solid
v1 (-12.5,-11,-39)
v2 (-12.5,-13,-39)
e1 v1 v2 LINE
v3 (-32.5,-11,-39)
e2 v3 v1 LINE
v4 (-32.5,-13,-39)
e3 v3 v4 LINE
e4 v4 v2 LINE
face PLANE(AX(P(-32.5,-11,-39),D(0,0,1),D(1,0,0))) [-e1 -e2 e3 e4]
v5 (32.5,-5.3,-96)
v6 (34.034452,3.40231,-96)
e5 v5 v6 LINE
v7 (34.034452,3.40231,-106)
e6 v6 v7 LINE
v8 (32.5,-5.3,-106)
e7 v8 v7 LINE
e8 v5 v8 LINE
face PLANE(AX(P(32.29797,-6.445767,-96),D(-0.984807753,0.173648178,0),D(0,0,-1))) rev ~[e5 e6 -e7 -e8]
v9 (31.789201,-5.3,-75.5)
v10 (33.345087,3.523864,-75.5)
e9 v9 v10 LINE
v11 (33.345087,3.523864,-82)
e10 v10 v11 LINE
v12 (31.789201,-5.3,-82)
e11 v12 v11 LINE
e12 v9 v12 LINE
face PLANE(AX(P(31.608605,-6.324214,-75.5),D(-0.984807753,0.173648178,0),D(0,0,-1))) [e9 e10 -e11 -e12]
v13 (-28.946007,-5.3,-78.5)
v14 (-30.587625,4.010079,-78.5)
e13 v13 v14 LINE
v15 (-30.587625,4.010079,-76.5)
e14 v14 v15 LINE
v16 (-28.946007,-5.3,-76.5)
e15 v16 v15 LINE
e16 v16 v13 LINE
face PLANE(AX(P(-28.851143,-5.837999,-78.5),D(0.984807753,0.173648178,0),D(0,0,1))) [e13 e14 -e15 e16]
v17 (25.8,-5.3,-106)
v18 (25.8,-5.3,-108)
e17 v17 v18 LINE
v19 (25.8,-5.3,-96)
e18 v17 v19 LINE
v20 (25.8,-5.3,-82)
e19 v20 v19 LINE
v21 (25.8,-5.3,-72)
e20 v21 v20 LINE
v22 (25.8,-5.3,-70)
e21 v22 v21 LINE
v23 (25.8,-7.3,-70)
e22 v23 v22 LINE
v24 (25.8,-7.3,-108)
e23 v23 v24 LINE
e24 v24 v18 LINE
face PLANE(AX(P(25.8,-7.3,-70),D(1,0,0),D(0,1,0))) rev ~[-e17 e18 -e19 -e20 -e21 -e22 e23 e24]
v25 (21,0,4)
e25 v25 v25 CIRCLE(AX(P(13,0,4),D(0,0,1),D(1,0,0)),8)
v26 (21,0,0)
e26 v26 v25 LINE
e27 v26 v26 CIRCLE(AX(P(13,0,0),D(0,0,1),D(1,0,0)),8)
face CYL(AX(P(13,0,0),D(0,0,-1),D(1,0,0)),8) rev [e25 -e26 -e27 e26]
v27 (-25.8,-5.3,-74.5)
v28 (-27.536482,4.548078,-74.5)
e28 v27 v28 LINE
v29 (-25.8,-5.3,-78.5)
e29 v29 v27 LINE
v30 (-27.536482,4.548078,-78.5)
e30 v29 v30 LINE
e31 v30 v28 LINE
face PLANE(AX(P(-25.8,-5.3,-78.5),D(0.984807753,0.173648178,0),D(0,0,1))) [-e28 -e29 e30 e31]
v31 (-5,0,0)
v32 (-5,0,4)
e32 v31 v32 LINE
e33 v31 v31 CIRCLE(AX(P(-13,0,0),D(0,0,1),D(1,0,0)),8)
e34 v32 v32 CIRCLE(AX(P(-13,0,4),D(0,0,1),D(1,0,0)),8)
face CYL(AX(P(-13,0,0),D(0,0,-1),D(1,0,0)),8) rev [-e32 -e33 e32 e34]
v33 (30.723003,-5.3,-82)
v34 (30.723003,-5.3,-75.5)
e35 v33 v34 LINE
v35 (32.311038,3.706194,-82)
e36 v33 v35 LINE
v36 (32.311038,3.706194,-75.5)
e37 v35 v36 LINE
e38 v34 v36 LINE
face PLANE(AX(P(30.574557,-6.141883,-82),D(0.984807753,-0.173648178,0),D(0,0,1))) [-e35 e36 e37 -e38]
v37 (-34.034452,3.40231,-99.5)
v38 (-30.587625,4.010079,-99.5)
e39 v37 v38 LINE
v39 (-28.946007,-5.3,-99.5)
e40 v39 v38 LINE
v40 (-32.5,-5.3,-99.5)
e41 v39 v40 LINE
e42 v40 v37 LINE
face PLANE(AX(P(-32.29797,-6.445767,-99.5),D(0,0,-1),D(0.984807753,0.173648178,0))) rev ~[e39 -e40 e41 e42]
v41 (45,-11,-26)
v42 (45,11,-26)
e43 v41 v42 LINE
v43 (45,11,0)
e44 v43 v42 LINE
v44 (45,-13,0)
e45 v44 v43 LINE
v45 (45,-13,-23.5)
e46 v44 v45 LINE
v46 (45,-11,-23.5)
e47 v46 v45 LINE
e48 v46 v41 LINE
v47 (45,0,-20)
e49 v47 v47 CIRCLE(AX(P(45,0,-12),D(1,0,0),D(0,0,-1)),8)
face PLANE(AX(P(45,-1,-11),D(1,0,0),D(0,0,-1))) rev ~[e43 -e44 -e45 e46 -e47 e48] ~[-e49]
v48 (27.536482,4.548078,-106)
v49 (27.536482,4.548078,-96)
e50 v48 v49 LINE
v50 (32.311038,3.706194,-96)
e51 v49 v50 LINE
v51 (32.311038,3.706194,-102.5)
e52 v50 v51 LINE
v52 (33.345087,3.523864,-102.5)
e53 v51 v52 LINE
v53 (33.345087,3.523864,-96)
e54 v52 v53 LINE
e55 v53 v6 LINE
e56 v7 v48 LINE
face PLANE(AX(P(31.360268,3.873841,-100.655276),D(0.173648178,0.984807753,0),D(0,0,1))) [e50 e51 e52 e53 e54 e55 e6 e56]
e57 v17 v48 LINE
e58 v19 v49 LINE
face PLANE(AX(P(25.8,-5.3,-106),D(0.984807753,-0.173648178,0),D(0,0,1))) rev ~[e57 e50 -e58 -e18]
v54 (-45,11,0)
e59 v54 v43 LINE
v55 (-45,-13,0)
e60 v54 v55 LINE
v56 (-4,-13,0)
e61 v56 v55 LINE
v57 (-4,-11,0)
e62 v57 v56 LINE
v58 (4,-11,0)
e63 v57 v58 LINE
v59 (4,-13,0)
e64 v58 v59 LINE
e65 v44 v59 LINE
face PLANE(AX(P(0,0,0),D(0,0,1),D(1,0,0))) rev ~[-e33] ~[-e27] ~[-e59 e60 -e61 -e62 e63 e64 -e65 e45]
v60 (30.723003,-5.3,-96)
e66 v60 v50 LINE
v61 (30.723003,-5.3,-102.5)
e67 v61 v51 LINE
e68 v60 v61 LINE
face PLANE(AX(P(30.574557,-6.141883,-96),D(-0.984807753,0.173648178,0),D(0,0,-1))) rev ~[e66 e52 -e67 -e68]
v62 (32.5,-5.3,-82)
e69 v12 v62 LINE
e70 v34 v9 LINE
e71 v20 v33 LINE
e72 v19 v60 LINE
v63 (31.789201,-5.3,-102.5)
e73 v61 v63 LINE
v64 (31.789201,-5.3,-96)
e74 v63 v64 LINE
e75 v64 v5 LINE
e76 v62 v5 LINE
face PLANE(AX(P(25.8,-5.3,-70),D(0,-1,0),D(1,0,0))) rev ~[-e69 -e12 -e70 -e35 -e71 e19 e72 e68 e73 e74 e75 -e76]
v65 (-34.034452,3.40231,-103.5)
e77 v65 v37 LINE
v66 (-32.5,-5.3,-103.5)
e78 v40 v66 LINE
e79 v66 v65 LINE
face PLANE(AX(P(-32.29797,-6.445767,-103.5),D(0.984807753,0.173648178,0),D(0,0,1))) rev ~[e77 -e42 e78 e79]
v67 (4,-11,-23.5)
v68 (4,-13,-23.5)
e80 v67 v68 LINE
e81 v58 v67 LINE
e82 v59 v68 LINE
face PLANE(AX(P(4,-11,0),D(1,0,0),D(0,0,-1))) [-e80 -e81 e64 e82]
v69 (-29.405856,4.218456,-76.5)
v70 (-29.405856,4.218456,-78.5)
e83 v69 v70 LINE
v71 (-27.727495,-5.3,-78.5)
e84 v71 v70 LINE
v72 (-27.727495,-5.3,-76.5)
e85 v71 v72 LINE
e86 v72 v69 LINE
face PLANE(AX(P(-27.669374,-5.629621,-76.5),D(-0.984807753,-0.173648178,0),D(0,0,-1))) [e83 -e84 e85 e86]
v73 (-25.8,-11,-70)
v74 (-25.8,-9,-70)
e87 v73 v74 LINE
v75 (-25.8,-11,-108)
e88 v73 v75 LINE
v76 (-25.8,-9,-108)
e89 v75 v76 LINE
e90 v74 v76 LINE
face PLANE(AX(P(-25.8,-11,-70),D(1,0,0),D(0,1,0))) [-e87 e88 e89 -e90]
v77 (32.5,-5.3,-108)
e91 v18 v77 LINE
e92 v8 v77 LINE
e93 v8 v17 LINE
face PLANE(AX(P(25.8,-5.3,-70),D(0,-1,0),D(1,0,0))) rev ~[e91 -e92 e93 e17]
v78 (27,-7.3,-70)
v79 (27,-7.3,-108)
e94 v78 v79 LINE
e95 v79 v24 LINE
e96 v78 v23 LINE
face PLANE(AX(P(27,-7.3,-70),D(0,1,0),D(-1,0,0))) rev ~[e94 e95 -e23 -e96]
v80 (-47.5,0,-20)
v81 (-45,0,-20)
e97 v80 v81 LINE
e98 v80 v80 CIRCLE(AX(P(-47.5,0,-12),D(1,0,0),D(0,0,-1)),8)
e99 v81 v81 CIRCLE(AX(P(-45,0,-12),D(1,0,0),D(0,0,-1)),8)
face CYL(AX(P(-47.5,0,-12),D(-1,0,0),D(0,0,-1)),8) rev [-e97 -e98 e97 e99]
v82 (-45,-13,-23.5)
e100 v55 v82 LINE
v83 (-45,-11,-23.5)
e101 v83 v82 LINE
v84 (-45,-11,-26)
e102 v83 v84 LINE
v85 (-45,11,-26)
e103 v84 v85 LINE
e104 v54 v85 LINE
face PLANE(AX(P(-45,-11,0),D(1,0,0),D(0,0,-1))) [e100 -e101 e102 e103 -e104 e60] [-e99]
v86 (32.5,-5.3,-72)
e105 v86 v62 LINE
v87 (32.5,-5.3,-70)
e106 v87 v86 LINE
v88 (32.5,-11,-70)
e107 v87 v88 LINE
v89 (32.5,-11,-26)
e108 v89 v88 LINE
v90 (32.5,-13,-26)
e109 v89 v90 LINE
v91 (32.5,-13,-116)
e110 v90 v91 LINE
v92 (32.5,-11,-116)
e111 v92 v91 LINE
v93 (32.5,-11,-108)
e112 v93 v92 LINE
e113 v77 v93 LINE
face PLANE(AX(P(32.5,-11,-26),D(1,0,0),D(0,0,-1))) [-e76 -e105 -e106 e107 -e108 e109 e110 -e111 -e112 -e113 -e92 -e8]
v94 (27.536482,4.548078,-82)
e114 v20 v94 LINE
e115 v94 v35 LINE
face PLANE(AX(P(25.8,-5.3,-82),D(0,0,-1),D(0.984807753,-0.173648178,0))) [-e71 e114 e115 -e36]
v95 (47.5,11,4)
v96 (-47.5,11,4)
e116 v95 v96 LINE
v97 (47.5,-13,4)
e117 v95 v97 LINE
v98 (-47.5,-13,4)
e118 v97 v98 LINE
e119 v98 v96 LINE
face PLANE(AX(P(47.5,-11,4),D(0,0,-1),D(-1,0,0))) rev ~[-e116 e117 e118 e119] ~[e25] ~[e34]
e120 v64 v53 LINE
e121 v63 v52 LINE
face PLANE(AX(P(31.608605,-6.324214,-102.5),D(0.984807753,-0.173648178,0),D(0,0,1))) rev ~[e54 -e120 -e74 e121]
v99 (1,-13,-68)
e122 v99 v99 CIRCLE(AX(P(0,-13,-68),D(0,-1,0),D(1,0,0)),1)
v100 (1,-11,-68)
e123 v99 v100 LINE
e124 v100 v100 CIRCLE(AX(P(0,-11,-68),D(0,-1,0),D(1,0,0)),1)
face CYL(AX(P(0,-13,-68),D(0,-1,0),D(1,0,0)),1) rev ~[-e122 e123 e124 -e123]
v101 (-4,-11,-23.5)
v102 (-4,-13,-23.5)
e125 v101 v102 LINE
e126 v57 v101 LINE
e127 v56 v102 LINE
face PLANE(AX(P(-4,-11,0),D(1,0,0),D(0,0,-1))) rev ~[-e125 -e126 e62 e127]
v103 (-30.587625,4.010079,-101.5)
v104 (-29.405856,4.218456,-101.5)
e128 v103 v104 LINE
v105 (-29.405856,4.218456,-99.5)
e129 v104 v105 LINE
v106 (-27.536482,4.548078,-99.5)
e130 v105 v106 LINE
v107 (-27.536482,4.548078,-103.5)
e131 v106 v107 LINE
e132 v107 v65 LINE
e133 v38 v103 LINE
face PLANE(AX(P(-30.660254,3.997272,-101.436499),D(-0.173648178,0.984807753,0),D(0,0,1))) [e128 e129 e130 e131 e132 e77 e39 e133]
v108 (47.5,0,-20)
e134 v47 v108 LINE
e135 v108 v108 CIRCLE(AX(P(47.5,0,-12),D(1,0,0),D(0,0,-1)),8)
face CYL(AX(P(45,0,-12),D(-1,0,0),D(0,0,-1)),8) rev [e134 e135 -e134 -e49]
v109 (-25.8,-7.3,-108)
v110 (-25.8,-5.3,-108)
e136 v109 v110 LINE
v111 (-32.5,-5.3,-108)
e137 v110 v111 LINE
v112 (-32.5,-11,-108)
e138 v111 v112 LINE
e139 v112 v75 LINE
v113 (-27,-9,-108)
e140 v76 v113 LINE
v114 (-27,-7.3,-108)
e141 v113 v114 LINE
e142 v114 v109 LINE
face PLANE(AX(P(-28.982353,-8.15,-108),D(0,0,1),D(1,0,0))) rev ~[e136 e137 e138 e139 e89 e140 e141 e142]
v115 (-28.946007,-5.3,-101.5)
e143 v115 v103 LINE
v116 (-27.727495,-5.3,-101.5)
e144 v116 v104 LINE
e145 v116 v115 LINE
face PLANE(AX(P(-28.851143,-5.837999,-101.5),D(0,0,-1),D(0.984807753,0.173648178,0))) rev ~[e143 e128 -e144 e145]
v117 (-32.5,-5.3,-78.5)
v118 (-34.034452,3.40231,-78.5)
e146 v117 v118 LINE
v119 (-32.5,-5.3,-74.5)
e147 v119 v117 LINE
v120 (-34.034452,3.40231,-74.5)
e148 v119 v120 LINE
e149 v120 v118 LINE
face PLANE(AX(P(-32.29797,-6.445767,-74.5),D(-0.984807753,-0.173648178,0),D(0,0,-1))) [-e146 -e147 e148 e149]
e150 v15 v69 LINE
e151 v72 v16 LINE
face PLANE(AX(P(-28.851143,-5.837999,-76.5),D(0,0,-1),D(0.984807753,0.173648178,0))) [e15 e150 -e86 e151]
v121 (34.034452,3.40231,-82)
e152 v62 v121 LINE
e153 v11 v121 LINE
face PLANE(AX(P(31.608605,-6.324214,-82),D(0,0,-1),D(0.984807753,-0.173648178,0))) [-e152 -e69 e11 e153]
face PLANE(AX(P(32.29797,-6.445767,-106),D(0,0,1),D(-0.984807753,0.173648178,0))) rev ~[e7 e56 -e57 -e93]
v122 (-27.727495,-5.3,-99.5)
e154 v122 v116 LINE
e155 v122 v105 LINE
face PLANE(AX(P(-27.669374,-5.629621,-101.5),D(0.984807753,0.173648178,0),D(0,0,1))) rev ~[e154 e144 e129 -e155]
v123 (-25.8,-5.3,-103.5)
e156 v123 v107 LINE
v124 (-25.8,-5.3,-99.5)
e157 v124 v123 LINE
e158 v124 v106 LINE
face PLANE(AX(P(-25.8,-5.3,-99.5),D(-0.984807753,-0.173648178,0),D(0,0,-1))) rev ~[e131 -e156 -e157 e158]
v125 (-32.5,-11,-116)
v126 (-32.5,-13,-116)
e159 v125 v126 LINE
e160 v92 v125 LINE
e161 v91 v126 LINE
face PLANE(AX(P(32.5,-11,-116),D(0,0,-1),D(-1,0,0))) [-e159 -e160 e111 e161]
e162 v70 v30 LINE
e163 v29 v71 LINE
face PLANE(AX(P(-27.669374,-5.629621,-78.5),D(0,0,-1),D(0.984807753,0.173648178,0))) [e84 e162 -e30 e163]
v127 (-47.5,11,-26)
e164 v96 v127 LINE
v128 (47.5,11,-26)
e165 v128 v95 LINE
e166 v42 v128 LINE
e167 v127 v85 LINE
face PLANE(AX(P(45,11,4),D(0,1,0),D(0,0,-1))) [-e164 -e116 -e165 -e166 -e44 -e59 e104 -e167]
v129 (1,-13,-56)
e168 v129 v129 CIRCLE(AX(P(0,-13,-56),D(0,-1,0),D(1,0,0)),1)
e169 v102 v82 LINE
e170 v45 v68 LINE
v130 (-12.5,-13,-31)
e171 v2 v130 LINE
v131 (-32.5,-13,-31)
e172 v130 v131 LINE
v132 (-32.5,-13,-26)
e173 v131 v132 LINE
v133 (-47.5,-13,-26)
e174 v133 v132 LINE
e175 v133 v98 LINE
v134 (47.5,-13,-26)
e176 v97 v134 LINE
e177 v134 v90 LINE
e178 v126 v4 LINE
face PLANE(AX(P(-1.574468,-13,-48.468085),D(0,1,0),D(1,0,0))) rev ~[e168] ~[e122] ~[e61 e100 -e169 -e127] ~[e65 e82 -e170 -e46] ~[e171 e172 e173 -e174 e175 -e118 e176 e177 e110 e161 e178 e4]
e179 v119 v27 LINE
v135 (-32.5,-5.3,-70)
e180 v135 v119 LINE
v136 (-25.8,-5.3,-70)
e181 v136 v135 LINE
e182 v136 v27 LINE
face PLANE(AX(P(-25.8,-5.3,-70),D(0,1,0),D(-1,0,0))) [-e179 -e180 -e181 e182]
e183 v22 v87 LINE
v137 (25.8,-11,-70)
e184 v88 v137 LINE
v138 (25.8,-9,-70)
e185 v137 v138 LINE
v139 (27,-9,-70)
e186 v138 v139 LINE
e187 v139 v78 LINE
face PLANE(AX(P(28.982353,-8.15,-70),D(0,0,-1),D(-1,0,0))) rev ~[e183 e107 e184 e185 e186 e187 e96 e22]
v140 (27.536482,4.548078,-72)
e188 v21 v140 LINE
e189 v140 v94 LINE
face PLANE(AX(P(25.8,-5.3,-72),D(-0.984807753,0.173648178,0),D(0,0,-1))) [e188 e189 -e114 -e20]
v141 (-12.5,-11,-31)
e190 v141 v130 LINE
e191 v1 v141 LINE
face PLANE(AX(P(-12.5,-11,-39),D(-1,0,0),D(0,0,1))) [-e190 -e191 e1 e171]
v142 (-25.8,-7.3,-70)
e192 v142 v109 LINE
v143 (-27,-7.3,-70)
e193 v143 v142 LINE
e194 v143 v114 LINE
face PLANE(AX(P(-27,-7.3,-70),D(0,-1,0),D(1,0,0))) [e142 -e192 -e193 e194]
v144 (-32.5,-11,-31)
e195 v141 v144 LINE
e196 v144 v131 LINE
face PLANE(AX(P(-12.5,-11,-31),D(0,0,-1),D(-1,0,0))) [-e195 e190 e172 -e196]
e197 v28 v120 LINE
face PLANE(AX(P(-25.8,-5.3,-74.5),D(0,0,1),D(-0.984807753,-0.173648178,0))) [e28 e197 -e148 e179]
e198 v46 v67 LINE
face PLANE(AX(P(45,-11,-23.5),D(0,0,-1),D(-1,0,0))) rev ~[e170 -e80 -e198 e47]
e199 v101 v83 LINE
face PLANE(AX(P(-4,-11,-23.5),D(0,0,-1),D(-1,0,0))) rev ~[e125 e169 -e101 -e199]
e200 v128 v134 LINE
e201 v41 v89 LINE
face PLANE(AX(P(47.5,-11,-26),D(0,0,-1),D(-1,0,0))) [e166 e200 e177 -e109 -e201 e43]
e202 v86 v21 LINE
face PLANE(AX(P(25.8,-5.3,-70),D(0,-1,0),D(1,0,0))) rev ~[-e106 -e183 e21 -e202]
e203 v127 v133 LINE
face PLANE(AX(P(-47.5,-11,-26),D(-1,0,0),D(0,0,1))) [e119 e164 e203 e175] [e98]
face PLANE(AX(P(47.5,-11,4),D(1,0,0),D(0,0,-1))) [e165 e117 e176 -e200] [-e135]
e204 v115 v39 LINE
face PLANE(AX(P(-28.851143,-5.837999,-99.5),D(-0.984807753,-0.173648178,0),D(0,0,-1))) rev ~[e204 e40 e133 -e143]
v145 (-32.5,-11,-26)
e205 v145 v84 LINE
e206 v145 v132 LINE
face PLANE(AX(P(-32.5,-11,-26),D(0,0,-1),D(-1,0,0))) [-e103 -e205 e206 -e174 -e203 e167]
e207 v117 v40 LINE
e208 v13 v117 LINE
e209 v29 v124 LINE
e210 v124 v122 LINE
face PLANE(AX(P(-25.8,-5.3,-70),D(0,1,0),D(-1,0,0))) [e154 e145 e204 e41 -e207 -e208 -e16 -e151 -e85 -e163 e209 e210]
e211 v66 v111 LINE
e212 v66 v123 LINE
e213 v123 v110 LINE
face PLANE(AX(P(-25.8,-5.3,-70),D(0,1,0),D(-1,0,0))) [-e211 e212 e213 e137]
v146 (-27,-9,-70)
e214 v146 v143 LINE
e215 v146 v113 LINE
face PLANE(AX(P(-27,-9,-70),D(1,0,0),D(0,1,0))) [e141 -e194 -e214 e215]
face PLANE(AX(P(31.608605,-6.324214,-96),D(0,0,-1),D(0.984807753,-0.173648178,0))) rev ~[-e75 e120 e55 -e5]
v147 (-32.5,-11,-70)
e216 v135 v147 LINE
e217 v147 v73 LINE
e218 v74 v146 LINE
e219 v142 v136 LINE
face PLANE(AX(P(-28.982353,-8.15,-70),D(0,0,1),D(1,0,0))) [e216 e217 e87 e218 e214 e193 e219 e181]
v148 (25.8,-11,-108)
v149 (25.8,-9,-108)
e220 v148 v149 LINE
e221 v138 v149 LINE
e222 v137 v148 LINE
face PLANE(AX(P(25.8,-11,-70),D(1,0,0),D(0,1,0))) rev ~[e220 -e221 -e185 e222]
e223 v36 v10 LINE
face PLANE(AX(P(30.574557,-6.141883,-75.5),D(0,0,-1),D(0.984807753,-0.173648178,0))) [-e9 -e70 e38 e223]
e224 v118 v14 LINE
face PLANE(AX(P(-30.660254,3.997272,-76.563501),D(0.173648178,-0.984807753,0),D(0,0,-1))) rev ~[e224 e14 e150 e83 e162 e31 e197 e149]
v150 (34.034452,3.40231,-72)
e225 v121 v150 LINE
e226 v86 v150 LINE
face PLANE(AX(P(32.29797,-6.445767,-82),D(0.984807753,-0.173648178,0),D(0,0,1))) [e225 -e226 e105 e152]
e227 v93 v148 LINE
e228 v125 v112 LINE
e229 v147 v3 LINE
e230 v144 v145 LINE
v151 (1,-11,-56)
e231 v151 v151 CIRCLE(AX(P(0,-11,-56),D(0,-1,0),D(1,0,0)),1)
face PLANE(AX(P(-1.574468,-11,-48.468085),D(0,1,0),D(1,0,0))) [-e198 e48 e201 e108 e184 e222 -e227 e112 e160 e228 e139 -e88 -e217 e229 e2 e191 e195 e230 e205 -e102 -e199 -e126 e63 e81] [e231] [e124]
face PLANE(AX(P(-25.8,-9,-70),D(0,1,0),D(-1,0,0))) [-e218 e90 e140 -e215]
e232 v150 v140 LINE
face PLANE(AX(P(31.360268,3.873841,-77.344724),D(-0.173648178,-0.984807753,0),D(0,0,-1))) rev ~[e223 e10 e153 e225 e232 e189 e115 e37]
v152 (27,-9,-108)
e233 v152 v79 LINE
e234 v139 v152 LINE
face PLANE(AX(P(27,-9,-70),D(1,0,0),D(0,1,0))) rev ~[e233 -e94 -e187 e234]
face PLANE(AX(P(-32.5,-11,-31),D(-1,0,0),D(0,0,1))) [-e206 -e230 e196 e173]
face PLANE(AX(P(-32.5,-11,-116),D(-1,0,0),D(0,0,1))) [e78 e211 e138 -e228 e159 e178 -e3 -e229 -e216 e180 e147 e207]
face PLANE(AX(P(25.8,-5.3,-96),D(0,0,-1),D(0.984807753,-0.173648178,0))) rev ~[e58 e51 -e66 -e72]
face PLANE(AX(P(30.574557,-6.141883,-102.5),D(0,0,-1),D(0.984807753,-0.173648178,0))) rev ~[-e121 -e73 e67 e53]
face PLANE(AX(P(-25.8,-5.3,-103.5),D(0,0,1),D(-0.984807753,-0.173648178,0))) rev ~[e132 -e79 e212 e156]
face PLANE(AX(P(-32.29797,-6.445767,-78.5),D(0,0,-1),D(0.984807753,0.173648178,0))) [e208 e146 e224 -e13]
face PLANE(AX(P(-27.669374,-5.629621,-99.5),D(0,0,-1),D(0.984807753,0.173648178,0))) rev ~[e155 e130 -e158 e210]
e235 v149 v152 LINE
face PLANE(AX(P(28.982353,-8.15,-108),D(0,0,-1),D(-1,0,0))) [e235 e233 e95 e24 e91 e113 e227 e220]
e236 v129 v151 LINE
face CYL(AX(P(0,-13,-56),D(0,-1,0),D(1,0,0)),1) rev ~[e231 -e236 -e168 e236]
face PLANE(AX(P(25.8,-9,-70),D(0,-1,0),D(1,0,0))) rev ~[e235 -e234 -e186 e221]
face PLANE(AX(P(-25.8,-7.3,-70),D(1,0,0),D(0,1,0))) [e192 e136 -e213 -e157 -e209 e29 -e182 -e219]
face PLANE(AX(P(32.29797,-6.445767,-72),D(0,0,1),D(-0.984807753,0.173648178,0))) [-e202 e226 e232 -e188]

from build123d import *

# Parameters (mm, degrees)
SKETCH1_W            = 95
SKETCH1_H            = 22
SKETCH1_R            = 8
BOSS_EXTRUDE1_DEPTH  = 4
SKETCH2_W            = 41
SKETCH2_H            = 23.5
BOSS_EXTRUDE2_DEPTH  = 2
BOSS_EXTRUDE3_START  = -70
BOSS_EXTRUDE3_DEPTH  = 38
BOSS_EXTRUDE5_DEPTH  = 10
BOSS_EXTRUDE6_DEPTH  = 10
SKETCH10_R           = 1
CUT_EXTRUDE1_DEPTH   = 4
BOSS_EXTRUDE11_START = 45
SKETCH11_W           = 30
SKETCH11_H           = 24
SKETCH11_R           = 8
BOSS_EXTRUDE11_DEPTH = 2.5
BOSS_EXTRUDE12_START = -47.5
SKETCH11_2_W         = 30
SKETCH11_2_H         = 24
SKETCH11_2_R         = 8
BOSS_EXTRUDE12_DEPTH = 2.5


with BuildPart() as part:
    # Sketch1 → Boss-Extrude1 (new body)
    with BuildSketch(Plane.XY):
        Rectangle(SKETCH1_W, SKETCH1_H)
        with Locations((-13, 0)):
            Circle(SKETCH1_R, mode=Mode.SUBTRACT)
        with Locations((13, 0)):
            Circle(SKETCH1_R, mode=Mode.SUBTRACT)
    extrude(amount=BOSS_EXTRUDE1_DEPTH)

    # Sketch2 → Boss-Extrude2 (add)
    with BuildSketch(Plane(origin=(0, -11, 0), x_dir=(-1, 0, 0), z_dir=(0, -1, 0))):
        Polygon((-32.5, 116), (32.5, 116), (32.5, 39), (12.5, 39), (12.5, 31), (32.5, 31), (32.5, 26), (47.5, 26), (47.5, -4), (32.5, -4), (-32.5, -4), (-47.5, -4), (-47.5, 26), (-32.5, 26), align=None)
        with Locations((-24.5, 11.75)):
            Rectangle(SKETCH2_W, SKETCH2_H, mode=Mode.SUBTRACT)
        with Locations((24.5, 11.75)):
            Rectangle(SKETCH2_W, SKETCH2_H, mode=Mode.SUBTRACT)
    extrude(amount=BOSS_EXTRUDE2_DEPTH)

    # Sketch4 → Boss-Extrude3 (add)
    with BuildSketch(Plane.XY.offset(BOSS_EXTRUDE3_START)):
        Polygon((-25.8, -11), (-25.8, -9), (-27, -9), (-27, -7.3), (-25.8, -7.3), (-25.8, -5.3), (-32.5, -5.3), (-32.5, -11), align=None)
        Polygon((32.5, -5.3), (32.5, -11), (25.8, -11), (25.8, -9), (27, -9), (27, -7.3), (25.8, -7.3), (25.8, -5.3), align=None)
    extrude(amount=-BOSS_EXTRUDE3_DEPTH)

    # Sketch7 → Boss-Extrude5 (add)
    with BuildSketch(Plane(origin=(0.128388188, -0.728125596, 0), x_dir=(0, 0, 1), z_dir=(-0.17364817766693402, 0.9848077530122075, 0))):
        Polygon((-74.5, -26.328375369), (-74.5, -32.926587315), (-78.5, -32.926587315), (-78.5, -29.426587315), (-76.5, -29.426587315), (-76.5, -28.226587315), (-78.5, -28.226587315), (-78.5, -26.328375369), align=None)
        Polygon((-101.5, -28.226587315), (-99.5, -28.226587315), (-99.5, -26.328375369), (-103.5, -26.328375369), (-103.5, -32.926587315), (-99.5, -32.926587315), (-99.5, -29.426587315), (-101.5, -29.426587315), align=None)
    extrude(amount=BOSS_EXTRUDE5_DEPTH)

    # Sketch8 → Boss-Extrude6 (add)
    with BuildSketch(Plane(origin=(-0.128388188, -0.728125596, 0), x_dir=(0, 0, 1), z_dir=(0.17364817766692736, 0.9848077530122086, 0))):
        Polygon((-82, 26.328375369), (-82, 31.176587315), (-75.5, 31.176587315), (-75.5, 32.226587315), (-82, 32.226587315), (-82, 32.926587315), (-72, 32.926587315), (-72, 26.328375369), align=None)
        Polygon((-96, 32.226587315), (-96, 32.926587315), (-106, 32.926587315), (-106, 26.328375369), (-96, 26.328375369), (-96, 31.176587315), (-102.5, 31.176587315), (-102.5, 32.226587315), align=None)
    extrude(amount=BOSS_EXTRUDE6_DEPTH)

    # Sketch10 → Cut-Extrude1 (cut)
    with BuildSketch(Plane.XZ.offset(13)):
        with Locations((0, -56)):
            Circle(SKETCH10_R)
        with Locations((0, -68)):
            Circle(SKETCH10_R)
    extrude(amount=-CUT_EXTRUDE1_DEPTH, mode=Mode.SUBTRACT)

    # Sketch11 → Boss-Extrude11 (add)
    with BuildSketch(Plane(origin=(0, 0, 0), x_dir=(0, 0, -1), z_dir=(1, 0, 0)).offset(BOSS_EXTRUDE11_START)):
        with Locations((11, -1)):
            Rectangle(SKETCH11_W, SKETCH11_H)
        with Locations((12, 0)):
            Circle(SKETCH11_R, mode=Mode.SUBTRACT)
    extrude(amount=BOSS_EXTRUDE11_DEPTH)

    # Sketch11<2> → Boss-Extrude12 (add)
    with BuildSketch(Plane(origin=(0, 0, 0), x_dir=(0, 0, -1), z_dir=(1, 0, 0)).offset(BOSS_EXTRUDE12_START)):
        with Locations((11, -1)):
            Rectangle(SKETCH11_2_W, SKETCH11_2_H)
        with Locations((12, 0)):
            Circle(SKETCH11_2_R, mode=Mode.SUBTRACT)
    extrude(amount=BOSS_EXTRUDE12_DEPTH)


solid = part.part
